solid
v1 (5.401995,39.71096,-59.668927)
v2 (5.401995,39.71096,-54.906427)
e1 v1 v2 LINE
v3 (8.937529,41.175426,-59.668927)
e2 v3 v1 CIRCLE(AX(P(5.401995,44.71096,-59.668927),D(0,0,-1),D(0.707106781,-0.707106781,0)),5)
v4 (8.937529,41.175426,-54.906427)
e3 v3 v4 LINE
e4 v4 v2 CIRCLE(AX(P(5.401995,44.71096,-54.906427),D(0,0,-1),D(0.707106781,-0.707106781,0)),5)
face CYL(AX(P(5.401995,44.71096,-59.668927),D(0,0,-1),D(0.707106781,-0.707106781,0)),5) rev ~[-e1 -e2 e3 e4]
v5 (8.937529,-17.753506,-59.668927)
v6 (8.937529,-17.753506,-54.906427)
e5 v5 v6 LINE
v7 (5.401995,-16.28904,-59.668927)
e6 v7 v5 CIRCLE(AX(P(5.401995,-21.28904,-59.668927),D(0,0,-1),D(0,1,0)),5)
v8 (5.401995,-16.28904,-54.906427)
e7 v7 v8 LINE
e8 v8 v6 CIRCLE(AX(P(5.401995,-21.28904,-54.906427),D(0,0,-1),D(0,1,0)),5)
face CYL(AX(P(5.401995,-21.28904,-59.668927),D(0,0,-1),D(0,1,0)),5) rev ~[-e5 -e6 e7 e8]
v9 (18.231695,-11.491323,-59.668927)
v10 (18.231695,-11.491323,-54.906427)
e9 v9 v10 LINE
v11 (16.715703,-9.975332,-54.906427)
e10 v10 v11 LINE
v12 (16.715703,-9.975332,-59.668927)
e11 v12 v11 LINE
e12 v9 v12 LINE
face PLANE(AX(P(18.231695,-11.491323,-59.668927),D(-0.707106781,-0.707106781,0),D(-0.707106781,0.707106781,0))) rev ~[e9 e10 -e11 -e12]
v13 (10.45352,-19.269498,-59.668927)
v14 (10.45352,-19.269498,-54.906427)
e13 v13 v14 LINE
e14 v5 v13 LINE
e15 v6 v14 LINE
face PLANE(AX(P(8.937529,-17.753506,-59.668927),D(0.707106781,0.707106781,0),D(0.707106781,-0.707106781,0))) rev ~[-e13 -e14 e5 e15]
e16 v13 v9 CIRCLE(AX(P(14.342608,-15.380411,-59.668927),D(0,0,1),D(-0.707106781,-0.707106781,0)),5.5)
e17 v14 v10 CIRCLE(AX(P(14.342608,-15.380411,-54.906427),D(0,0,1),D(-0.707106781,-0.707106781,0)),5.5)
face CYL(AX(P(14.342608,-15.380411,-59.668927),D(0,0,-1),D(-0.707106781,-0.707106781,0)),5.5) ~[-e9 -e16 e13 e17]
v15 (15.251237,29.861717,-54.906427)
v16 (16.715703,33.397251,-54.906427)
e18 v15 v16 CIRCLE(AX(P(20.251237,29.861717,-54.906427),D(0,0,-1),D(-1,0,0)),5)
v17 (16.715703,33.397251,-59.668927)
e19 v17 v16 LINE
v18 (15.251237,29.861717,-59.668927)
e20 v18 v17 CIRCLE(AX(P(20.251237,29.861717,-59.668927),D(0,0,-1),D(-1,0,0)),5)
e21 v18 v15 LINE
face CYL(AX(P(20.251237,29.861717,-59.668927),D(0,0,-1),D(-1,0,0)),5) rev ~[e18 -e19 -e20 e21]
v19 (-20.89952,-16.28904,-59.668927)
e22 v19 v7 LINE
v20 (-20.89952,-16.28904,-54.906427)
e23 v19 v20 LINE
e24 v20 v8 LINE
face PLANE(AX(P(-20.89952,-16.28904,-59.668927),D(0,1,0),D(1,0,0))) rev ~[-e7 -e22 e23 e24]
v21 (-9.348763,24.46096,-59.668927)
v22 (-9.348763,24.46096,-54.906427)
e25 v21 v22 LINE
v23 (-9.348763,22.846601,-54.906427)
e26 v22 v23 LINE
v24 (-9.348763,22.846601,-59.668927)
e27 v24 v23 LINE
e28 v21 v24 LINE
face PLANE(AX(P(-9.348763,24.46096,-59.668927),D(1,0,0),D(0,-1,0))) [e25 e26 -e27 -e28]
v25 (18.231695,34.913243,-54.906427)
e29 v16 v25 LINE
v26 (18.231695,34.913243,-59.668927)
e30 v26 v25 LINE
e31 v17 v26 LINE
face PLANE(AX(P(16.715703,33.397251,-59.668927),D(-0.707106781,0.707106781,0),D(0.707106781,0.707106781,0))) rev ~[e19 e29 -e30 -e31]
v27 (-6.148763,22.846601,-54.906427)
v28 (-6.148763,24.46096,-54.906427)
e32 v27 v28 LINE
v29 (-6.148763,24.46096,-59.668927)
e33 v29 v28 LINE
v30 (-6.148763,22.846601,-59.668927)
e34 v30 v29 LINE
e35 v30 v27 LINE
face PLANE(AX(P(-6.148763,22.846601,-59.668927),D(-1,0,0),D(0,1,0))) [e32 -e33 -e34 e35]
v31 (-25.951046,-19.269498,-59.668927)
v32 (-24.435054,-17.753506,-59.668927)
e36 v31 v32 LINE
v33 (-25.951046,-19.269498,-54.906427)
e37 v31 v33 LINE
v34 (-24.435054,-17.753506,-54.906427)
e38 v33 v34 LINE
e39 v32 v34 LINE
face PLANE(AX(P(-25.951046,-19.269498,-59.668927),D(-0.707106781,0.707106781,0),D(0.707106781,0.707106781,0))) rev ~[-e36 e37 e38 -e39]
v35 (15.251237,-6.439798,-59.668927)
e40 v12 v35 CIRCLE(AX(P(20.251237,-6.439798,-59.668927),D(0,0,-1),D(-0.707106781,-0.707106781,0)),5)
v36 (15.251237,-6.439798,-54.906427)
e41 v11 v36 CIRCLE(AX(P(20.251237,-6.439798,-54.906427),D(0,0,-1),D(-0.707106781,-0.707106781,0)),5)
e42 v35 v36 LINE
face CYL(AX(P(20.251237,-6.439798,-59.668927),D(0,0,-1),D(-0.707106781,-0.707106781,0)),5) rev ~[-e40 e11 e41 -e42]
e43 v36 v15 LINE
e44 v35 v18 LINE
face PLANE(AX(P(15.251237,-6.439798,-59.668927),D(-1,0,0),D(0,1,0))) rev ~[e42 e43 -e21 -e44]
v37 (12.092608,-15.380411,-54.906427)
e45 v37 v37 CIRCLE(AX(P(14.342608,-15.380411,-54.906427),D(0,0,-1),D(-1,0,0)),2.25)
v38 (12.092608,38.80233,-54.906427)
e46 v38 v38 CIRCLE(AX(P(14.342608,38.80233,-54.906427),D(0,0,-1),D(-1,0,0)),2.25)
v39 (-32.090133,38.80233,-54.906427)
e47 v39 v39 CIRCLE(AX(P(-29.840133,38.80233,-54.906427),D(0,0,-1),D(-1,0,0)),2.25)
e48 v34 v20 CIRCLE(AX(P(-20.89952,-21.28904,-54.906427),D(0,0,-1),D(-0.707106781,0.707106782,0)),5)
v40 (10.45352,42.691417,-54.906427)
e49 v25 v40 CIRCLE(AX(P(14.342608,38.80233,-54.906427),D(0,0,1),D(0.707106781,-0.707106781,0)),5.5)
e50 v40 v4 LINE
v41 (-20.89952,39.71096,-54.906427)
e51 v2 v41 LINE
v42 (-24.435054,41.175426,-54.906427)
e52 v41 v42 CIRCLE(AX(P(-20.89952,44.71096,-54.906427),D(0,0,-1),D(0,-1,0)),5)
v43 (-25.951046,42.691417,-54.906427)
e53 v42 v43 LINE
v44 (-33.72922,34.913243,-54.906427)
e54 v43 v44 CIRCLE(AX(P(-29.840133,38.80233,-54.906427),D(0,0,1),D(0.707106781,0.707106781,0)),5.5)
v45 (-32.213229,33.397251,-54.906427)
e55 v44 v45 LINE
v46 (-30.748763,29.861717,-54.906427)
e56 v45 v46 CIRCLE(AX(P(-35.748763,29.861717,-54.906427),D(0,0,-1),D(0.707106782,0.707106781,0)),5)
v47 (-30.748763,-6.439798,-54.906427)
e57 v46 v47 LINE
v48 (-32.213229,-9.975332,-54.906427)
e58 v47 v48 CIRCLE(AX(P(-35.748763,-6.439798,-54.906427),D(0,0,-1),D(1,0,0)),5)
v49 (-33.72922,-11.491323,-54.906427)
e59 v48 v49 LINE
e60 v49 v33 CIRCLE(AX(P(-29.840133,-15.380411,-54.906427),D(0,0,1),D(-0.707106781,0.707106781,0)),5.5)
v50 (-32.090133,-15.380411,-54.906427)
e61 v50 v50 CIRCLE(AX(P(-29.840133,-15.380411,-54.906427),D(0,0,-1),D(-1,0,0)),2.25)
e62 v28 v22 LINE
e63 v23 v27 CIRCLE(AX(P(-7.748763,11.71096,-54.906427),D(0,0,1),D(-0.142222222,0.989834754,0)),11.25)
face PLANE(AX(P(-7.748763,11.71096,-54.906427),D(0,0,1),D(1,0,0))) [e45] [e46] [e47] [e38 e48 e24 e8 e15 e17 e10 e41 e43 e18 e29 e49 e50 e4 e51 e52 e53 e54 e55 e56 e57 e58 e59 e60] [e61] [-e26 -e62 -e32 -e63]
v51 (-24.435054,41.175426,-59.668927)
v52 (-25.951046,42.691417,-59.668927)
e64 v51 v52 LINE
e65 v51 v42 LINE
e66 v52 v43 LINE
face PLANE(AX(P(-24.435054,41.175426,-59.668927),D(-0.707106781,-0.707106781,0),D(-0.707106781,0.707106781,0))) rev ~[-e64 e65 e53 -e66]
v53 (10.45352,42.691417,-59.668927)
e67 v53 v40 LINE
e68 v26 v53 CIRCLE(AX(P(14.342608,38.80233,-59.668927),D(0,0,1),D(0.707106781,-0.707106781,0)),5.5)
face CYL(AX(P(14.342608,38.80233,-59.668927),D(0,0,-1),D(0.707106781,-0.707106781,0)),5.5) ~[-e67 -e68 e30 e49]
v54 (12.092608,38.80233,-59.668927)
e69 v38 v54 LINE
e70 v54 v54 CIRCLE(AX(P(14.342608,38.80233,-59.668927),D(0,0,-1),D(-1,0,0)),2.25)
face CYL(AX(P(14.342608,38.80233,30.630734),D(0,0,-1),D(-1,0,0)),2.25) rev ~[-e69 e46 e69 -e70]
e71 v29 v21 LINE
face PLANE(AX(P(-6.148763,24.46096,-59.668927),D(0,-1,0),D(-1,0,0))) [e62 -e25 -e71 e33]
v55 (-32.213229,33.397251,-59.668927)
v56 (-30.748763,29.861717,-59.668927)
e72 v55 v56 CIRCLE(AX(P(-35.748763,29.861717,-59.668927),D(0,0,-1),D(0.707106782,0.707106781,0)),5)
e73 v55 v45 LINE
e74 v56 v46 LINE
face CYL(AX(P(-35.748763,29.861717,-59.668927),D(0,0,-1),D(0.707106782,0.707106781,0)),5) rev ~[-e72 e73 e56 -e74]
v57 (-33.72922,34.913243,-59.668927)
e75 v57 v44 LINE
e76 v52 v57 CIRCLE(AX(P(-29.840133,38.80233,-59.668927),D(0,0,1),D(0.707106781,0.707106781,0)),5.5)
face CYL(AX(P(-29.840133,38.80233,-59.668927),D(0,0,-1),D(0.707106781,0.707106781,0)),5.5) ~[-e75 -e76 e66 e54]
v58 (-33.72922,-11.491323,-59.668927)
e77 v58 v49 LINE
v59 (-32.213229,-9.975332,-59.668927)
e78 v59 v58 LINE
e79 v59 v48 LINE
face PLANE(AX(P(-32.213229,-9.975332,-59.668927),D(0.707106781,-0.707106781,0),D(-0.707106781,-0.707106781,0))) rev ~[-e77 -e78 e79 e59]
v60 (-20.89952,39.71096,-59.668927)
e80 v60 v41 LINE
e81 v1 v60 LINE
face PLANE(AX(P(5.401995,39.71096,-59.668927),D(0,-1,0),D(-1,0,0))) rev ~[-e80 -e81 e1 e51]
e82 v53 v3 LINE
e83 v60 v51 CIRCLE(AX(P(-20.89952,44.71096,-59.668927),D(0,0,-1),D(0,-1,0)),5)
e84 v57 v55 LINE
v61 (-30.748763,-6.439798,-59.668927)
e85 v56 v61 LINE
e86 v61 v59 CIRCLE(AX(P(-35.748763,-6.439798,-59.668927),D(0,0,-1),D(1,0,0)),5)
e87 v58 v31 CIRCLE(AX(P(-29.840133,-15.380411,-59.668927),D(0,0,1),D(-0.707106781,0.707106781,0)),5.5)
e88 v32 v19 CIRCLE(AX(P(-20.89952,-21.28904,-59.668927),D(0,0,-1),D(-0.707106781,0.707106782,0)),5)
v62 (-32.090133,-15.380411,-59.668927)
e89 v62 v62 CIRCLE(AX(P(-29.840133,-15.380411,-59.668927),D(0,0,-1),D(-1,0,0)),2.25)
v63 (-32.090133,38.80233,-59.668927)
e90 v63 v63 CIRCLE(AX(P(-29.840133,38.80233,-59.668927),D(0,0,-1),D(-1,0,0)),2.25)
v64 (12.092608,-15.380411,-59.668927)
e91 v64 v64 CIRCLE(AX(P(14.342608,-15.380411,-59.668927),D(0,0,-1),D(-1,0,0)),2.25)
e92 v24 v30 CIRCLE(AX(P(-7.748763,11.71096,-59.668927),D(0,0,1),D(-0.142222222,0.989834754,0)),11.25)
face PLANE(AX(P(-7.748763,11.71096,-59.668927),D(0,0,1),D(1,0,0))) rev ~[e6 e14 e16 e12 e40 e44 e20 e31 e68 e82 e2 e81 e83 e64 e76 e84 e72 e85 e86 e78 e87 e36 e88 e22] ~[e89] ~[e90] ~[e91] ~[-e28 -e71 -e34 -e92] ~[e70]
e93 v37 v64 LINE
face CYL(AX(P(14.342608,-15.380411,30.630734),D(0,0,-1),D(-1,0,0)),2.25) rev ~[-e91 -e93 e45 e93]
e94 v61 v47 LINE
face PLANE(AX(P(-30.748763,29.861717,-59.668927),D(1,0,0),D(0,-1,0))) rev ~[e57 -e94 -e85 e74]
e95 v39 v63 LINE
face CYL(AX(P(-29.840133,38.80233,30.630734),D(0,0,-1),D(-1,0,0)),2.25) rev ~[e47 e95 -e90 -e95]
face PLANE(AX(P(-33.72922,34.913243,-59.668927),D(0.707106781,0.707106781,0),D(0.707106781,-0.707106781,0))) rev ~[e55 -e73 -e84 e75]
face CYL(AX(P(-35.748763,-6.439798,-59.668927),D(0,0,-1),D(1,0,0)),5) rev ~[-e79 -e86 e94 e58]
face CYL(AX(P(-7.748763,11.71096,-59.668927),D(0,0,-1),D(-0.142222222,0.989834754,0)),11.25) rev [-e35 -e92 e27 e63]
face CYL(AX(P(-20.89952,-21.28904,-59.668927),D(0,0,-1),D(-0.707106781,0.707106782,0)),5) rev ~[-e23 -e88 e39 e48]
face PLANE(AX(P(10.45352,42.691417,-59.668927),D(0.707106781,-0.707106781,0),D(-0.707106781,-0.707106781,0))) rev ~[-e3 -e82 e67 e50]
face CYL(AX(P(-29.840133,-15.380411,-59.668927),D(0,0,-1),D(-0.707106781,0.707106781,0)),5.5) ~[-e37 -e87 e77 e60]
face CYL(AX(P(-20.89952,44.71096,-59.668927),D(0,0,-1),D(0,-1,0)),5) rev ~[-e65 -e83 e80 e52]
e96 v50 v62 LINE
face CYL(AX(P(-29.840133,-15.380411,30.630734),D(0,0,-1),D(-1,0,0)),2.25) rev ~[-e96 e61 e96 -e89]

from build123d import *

# Parameters (mm, degrees)
BOSS_EXTRUDE1_DEPTH  = 4.7625
M4_CLEARANCE_HOLE2_D = 4.5


with BuildPart() as part:
    # Sketch4 → Boss-Extrude1 (new body)
    with BuildSketch(Plane.XY.offset(-59.668926648)):
        with BuildLine():
            Line((5.401994847, 39.710959692), (-20.899520343, 39.710959692))
            ThreePointArc((-20.899520343, 39.710959692), (-22.812937505, 40.091562029), (-24.435054249, 41.175425786))
            Line((-24.435054249, 41.175425786), (-25.951045701, 42.691417238))
            ThreePointArc((-25.951045701, 42.691417238), (-33.729220295, 42.691417238), (-33.729220295, 34.913242645))
            Line((-33.729220295, 34.913242645), (-32.213228842, 33.397251193))
            ThreePointArc((-32.213228842, 33.397251193), (-31.129365086, 31.775134449), (-30.748762748, 29.861717287))
            Line((-30.748762748, 29.861717287), (-30.748762748, -6.439797903))
            ThreePointArc((-30.748762748, -6.439797903), (-31.129365086, -8.353215065), (-32.213228842, -9.975331809))
            Line((-32.213228842, -9.975331809), (-33.729220295, -11.491323262))
            ThreePointArc((-33.729220295, -11.491323262), (-33.729220295, -19.269497855), (-25.951045701, -19.269497855))
            Line((-25.951045701, -19.269497855), (-24.435054249, -17.753506402))
            ThreePointArc((-24.435054249, -17.753506402), (-22.812937505, -16.669642646), (-20.899520343, -16.289040308))
            Line((-20.899520343, -16.289040308), (5.401994847, -16.289040308))
            ThreePointArc((5.401994847, -16.289040308), (7.315412009, -16.669642646), (8.937528753, -17.753506402))
            Line((8.937528753, -17.753506402), (10.453520205, -19.269497855))
            ThreePointArc((10.453520205, -19.269497855), (18.231694798, -19.269497855), (18.231694798, -11.491323262))
            Line((18.231694798, -11.491323262), (16.715703346, -9.975331809))
            ThreePointArc((16.715703346, -9.975331809), (15.631839589, -8.353215065), (15.251237252, -6.439797903))
            Line((15.251237252, -6.439797903), (15.251237252, 29.861717287))
            ThreePointArc((15.251237252, 29.861717287), (15.631839589, 31.775134449), (16.715703346, 33.397251193))
            Line((16.715703346, 33.397251193), (18.231694798, 34.913242645))
            ThreePointArc((18.231694798, 34.913242645), (18.231694798, 42.691417238), (10.453520205, 42.691417238))
            Line((10.453520205, 42.691417238), (8.937528753, 41.175425786))
            ThreePointArc((8.937528753, 41.175425786), (7.315412009, 40.091562029), (5.401994847, 39.710959692))
        make_face()
        with BuildLine():
            Line((-6.148762748, 22.84660067), (-6.148762748, 24.460959692))
            Line((-6.148762748, 24.460959692), (-9.348762748, 24.460959692))
            Line((-9.348762748, 24.460959692), (-9.348762748, 22.84660067))
            ThreePointArc((-9.348762748, 22.84660067), (-7.748762748, 0.460959692), (-6.148762748, 22.84660067))
        make_face(mode=Mode.SUBTRACT)
    extrude(amount=BOSS_EXTRUDE1_DEPTH)

    # M4 Clearance Hole2 (through all)
    with Locations(Plane.XY.offset(-54.906426648)):
        with Locations((-29.840132998, 38.802329941), (14.342607502, 38.802329941), (14.342607502, -15.380410558), (-29.840132998, -15.380410558)):
            Hole(M4_CLEARANCE_HOLE2_D / 2)


solid = part.part
